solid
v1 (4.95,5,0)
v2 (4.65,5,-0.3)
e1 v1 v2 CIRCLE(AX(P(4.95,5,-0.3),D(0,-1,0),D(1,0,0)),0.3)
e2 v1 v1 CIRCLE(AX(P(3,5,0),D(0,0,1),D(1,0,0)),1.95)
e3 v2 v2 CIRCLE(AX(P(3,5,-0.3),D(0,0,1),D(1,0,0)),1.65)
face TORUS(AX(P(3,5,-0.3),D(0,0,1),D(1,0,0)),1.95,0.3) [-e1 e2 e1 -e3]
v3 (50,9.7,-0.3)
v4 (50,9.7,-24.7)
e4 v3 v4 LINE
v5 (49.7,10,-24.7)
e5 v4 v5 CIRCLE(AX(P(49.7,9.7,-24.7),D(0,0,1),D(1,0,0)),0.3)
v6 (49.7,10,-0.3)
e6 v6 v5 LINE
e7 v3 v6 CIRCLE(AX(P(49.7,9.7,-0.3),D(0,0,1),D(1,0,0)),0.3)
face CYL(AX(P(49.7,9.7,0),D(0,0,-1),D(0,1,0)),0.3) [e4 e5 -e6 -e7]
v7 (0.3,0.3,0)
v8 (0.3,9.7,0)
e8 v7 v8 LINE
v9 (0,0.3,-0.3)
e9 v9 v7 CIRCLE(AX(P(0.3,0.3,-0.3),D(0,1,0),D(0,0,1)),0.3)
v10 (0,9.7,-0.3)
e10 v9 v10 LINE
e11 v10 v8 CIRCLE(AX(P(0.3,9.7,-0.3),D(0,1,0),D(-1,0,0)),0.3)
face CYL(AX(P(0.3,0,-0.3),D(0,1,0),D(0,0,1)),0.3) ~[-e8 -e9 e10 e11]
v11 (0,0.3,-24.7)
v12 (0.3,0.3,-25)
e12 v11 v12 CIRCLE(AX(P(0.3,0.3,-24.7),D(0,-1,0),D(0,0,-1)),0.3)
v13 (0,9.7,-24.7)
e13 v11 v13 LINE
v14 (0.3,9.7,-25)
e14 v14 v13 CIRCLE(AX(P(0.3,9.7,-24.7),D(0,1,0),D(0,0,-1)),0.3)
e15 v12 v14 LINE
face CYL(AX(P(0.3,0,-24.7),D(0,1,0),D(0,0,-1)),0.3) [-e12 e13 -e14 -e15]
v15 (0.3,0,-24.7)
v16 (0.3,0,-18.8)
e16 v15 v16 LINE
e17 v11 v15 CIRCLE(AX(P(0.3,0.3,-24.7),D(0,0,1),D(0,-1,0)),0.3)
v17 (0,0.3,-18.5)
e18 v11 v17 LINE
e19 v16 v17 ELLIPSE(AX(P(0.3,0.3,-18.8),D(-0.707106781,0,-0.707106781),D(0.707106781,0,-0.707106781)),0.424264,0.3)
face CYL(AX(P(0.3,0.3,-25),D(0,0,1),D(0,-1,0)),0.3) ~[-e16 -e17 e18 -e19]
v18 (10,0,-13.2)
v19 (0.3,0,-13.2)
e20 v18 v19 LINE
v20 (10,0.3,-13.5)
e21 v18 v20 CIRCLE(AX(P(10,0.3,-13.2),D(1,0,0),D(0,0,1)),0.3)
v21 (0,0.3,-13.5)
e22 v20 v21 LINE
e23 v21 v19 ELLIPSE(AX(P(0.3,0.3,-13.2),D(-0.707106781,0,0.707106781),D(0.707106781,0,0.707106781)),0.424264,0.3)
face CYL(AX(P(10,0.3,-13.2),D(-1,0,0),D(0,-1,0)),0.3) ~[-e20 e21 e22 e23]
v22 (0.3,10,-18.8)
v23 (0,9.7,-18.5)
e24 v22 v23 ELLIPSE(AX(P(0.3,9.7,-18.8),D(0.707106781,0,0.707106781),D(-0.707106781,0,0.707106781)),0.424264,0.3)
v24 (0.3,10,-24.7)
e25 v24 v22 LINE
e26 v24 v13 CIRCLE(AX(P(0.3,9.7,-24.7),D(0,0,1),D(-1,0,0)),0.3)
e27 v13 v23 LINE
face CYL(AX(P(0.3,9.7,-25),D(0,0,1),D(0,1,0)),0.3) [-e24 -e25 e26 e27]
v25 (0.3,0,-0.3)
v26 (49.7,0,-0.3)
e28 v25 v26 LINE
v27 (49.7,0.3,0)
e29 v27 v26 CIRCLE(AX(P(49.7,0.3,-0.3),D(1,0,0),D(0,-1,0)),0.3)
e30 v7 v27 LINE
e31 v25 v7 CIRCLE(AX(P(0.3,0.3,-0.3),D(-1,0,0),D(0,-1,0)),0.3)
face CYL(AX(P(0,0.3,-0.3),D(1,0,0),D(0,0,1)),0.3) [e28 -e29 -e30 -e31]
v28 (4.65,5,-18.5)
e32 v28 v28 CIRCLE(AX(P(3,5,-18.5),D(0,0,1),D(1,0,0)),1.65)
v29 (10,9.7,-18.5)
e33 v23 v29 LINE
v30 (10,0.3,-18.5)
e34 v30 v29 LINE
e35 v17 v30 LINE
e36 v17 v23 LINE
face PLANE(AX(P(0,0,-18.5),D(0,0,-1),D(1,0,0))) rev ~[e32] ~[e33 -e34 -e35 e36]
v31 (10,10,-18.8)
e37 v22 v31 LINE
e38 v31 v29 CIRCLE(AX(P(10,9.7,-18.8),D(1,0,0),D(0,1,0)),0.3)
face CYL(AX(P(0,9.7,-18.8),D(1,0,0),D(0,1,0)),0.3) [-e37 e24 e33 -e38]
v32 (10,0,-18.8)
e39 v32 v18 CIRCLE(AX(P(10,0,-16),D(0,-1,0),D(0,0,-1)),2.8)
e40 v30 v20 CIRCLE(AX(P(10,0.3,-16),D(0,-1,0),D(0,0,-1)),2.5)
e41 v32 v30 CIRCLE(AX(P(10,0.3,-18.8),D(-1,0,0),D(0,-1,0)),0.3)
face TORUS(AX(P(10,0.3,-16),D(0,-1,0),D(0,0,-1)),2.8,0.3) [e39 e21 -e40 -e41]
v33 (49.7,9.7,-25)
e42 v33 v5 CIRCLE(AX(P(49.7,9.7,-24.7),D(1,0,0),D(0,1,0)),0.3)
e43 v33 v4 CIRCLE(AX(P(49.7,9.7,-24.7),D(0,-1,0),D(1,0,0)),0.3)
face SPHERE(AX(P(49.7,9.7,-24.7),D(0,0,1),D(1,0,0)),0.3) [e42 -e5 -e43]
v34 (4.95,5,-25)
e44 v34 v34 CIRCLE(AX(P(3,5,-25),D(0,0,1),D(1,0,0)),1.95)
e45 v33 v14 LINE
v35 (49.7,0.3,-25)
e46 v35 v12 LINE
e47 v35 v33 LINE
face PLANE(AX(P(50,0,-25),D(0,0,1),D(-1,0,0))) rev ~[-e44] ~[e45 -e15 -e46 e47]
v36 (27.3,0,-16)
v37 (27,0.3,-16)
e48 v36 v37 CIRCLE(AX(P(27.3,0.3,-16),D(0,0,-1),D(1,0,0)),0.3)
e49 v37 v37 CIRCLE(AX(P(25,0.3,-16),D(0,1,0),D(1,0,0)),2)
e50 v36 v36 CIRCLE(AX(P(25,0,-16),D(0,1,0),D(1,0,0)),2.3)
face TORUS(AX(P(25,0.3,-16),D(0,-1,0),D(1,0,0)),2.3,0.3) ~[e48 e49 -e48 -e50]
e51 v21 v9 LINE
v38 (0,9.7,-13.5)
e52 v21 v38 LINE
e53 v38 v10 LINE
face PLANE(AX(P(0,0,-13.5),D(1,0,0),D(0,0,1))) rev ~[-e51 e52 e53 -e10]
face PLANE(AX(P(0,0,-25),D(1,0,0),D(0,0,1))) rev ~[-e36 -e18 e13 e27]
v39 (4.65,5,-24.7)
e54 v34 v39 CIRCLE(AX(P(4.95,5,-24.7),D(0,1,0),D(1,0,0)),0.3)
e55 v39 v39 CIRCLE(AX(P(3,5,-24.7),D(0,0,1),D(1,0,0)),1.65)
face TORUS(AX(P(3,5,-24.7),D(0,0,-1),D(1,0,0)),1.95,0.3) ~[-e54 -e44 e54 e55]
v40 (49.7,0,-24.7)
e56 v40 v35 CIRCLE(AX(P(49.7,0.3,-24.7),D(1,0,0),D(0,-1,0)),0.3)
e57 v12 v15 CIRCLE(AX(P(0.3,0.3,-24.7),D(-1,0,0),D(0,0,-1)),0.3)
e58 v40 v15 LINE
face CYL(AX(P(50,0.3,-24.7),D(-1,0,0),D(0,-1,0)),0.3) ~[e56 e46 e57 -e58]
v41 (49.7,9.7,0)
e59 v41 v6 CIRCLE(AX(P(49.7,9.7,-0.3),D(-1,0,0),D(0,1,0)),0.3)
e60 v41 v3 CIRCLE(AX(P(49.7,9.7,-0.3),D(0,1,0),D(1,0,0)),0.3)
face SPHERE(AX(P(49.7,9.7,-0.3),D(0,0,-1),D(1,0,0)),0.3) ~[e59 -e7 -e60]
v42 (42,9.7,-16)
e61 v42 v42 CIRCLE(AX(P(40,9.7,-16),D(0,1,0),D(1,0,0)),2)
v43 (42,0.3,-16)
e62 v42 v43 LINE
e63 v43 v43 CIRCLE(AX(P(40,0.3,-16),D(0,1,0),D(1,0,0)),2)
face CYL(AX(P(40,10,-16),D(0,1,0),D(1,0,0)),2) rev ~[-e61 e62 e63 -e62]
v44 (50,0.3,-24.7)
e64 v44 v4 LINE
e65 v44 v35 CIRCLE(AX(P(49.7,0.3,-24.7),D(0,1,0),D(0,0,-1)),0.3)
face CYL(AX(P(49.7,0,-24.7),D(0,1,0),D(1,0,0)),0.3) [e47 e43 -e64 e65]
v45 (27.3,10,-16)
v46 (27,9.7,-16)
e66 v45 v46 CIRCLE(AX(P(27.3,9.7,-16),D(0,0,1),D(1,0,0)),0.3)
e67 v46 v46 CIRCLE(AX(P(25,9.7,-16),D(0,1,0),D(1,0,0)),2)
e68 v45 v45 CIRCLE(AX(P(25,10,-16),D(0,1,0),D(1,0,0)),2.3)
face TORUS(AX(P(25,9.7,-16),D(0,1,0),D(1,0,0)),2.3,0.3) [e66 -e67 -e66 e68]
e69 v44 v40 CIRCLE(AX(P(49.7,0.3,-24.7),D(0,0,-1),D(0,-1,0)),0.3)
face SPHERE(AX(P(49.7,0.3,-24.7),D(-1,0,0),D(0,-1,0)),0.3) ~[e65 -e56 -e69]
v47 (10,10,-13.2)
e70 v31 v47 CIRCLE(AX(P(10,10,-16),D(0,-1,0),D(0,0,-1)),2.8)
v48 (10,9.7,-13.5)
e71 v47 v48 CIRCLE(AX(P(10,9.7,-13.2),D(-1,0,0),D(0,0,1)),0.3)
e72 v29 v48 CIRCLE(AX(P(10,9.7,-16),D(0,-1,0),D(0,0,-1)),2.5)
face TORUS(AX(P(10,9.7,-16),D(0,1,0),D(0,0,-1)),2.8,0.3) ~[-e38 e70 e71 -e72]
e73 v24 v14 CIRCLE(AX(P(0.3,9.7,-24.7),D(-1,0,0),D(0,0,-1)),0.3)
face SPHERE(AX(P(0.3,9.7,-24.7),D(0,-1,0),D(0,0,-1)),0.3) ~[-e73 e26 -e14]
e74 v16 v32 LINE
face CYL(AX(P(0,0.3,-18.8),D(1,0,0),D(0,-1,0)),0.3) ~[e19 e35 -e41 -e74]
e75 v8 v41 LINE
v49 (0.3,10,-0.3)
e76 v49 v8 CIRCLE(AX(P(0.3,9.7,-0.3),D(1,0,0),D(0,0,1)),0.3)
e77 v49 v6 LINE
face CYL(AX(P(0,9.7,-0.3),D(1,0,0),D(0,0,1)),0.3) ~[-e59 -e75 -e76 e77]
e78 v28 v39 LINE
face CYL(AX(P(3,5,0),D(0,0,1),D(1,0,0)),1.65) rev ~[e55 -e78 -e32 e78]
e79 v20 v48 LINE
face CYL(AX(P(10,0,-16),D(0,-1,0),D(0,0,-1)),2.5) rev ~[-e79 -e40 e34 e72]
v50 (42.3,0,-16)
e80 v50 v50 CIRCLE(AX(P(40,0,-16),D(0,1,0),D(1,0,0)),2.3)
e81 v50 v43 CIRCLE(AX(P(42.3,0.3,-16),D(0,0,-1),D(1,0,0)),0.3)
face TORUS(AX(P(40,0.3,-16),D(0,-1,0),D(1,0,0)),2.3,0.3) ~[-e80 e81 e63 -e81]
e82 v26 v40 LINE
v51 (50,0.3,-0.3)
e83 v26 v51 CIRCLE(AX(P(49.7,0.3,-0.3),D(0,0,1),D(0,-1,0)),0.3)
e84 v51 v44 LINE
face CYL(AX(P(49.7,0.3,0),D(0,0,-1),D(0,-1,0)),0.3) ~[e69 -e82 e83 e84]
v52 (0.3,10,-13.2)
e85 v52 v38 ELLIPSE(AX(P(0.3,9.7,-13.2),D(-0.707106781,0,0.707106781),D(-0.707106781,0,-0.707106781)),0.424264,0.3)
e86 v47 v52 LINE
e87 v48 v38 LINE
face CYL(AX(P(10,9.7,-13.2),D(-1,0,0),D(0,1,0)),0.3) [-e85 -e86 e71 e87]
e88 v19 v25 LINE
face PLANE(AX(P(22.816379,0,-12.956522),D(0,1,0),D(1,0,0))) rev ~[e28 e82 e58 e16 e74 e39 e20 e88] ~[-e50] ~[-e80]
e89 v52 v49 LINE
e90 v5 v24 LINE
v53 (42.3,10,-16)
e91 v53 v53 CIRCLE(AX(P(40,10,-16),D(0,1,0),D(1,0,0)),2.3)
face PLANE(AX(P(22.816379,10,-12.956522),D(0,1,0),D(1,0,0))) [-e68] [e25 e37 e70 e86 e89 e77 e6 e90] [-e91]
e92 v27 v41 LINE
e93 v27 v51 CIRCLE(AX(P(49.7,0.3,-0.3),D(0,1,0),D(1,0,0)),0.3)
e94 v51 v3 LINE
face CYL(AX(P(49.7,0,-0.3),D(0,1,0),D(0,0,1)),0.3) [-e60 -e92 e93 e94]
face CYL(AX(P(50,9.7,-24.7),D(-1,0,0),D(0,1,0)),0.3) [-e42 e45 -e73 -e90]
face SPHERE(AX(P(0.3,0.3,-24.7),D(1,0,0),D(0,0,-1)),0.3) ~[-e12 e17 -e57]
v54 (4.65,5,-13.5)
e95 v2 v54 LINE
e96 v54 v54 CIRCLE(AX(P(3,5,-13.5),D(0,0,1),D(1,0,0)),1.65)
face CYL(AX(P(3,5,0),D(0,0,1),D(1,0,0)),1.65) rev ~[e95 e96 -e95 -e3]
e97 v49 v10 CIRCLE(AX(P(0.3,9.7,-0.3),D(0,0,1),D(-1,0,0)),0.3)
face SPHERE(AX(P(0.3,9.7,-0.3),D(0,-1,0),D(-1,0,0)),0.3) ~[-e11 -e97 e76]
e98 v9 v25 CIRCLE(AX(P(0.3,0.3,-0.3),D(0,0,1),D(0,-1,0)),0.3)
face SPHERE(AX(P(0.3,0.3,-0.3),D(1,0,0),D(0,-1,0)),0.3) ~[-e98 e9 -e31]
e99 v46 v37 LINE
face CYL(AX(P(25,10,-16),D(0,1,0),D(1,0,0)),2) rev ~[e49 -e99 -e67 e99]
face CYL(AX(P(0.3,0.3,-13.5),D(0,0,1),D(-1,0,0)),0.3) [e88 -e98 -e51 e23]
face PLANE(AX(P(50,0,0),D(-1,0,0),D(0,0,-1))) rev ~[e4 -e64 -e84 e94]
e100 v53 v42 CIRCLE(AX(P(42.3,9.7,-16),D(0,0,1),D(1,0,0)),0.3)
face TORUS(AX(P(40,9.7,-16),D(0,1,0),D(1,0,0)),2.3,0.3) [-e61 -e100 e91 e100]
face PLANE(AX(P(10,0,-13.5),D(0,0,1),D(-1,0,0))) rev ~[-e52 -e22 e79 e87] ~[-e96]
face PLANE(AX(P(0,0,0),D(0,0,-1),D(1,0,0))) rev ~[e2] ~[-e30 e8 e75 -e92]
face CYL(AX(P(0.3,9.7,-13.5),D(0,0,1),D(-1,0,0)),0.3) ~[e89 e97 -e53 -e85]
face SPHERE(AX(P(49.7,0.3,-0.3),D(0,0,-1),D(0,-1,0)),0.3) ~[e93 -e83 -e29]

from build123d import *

# Parameters (mm, degrees)
BOSS_EXTRUDE1_DEPTH = 10
SKETCH2_R           = 2
CUT_EXTRUDE1_DEPTH  = 11
SKETCH3_R           = 1.65
CUT_EXTRUDE2_DEPTH  = 26
FILLET1_R           = 0.3


with BuildPart() as part:
    # Sketch1 → Boss-Extrude1 (new body)
    with BuildSketch(Plane(origin=(0, 0, 0), x_dir=(1, 0, 0), z_dir=(0, 1, 0))):
        with BuildLine():
            Line((0, 0), (50, 0))
            Line((50, 0), (50, 25))
            Line((50, 25), (0, 25))
            Line((0, 25), (0, 18.5))
            Line((0, 18.5), (10, 18.5))
            ThreePointArc((10, 18.5), (12.5, 16), (10, 13.5))
            Line((10, 13.5), (0, 13.5))
            Line((0, 13.5), (0, 0))
        make_face()
    extrude(amount=BOSS_EXTRUDE1_DEPTH)

    # Sketch2 → Cut-Extrude1 (cut, through all)
    with BuildSketch(Plane(origin=(0, 10, 0), x_dir=(1, 0, 0), z_dir=(0, 1, 0))):
        with Locations((40, 16)):
            Circle(SKETCH2_R)
        with Locations((25, 16)):
            Circle(SKETCH2_R)
    extrude(amount=-CUT_EXTRUDE1_DEPTH, mode=Mode.SUBTRACT)

    # Sketch3 → Cut-Extrude2 (cut, through all)
    with BuildSketch(Plane.XY):
        with Locations((3, 5)):
            Circle(SKETCH3_R)
    extrude(amount=-CUT_EXTRUDE2_DEPTH, mode=Mode.SUBTRACT)

    # Fillet1
    fillet1_edges = [part.edges().sort_by_distance(p)[0] for p in [
        (25, 0, -25),
        (50, 0, -12.5),
        (25, 0, 0),
        (0, 0, -6.75),
        (50, 10, -12.5),
        (0, 5, -25),
        (50, 5, -25),
        (50, 5, 0),
        (0, 5, 0),
        (25, 10, -25),
        (0, 10, -21.75),
        (5, 10, -18.5),
        (38, 0, -16),
        (12.5, 10, -16),
        (38, 10, -16),
        (23, 0, -16),
        (23, 10, -16),
        (5, 10, -13.5),
        (1.35, 5, -25),
        (1.35, 5, 0),
        (0, 10, -6.75),
        (5, 0, -13.5),
        (25, 10, 0),
        (12.5, 0, -16),
        (5, 0, -18.5),
        (0, 0, -21.75),
    ]]
    fillet(fillet1_edges, radius=FILLET1_R)


solid = part.part
